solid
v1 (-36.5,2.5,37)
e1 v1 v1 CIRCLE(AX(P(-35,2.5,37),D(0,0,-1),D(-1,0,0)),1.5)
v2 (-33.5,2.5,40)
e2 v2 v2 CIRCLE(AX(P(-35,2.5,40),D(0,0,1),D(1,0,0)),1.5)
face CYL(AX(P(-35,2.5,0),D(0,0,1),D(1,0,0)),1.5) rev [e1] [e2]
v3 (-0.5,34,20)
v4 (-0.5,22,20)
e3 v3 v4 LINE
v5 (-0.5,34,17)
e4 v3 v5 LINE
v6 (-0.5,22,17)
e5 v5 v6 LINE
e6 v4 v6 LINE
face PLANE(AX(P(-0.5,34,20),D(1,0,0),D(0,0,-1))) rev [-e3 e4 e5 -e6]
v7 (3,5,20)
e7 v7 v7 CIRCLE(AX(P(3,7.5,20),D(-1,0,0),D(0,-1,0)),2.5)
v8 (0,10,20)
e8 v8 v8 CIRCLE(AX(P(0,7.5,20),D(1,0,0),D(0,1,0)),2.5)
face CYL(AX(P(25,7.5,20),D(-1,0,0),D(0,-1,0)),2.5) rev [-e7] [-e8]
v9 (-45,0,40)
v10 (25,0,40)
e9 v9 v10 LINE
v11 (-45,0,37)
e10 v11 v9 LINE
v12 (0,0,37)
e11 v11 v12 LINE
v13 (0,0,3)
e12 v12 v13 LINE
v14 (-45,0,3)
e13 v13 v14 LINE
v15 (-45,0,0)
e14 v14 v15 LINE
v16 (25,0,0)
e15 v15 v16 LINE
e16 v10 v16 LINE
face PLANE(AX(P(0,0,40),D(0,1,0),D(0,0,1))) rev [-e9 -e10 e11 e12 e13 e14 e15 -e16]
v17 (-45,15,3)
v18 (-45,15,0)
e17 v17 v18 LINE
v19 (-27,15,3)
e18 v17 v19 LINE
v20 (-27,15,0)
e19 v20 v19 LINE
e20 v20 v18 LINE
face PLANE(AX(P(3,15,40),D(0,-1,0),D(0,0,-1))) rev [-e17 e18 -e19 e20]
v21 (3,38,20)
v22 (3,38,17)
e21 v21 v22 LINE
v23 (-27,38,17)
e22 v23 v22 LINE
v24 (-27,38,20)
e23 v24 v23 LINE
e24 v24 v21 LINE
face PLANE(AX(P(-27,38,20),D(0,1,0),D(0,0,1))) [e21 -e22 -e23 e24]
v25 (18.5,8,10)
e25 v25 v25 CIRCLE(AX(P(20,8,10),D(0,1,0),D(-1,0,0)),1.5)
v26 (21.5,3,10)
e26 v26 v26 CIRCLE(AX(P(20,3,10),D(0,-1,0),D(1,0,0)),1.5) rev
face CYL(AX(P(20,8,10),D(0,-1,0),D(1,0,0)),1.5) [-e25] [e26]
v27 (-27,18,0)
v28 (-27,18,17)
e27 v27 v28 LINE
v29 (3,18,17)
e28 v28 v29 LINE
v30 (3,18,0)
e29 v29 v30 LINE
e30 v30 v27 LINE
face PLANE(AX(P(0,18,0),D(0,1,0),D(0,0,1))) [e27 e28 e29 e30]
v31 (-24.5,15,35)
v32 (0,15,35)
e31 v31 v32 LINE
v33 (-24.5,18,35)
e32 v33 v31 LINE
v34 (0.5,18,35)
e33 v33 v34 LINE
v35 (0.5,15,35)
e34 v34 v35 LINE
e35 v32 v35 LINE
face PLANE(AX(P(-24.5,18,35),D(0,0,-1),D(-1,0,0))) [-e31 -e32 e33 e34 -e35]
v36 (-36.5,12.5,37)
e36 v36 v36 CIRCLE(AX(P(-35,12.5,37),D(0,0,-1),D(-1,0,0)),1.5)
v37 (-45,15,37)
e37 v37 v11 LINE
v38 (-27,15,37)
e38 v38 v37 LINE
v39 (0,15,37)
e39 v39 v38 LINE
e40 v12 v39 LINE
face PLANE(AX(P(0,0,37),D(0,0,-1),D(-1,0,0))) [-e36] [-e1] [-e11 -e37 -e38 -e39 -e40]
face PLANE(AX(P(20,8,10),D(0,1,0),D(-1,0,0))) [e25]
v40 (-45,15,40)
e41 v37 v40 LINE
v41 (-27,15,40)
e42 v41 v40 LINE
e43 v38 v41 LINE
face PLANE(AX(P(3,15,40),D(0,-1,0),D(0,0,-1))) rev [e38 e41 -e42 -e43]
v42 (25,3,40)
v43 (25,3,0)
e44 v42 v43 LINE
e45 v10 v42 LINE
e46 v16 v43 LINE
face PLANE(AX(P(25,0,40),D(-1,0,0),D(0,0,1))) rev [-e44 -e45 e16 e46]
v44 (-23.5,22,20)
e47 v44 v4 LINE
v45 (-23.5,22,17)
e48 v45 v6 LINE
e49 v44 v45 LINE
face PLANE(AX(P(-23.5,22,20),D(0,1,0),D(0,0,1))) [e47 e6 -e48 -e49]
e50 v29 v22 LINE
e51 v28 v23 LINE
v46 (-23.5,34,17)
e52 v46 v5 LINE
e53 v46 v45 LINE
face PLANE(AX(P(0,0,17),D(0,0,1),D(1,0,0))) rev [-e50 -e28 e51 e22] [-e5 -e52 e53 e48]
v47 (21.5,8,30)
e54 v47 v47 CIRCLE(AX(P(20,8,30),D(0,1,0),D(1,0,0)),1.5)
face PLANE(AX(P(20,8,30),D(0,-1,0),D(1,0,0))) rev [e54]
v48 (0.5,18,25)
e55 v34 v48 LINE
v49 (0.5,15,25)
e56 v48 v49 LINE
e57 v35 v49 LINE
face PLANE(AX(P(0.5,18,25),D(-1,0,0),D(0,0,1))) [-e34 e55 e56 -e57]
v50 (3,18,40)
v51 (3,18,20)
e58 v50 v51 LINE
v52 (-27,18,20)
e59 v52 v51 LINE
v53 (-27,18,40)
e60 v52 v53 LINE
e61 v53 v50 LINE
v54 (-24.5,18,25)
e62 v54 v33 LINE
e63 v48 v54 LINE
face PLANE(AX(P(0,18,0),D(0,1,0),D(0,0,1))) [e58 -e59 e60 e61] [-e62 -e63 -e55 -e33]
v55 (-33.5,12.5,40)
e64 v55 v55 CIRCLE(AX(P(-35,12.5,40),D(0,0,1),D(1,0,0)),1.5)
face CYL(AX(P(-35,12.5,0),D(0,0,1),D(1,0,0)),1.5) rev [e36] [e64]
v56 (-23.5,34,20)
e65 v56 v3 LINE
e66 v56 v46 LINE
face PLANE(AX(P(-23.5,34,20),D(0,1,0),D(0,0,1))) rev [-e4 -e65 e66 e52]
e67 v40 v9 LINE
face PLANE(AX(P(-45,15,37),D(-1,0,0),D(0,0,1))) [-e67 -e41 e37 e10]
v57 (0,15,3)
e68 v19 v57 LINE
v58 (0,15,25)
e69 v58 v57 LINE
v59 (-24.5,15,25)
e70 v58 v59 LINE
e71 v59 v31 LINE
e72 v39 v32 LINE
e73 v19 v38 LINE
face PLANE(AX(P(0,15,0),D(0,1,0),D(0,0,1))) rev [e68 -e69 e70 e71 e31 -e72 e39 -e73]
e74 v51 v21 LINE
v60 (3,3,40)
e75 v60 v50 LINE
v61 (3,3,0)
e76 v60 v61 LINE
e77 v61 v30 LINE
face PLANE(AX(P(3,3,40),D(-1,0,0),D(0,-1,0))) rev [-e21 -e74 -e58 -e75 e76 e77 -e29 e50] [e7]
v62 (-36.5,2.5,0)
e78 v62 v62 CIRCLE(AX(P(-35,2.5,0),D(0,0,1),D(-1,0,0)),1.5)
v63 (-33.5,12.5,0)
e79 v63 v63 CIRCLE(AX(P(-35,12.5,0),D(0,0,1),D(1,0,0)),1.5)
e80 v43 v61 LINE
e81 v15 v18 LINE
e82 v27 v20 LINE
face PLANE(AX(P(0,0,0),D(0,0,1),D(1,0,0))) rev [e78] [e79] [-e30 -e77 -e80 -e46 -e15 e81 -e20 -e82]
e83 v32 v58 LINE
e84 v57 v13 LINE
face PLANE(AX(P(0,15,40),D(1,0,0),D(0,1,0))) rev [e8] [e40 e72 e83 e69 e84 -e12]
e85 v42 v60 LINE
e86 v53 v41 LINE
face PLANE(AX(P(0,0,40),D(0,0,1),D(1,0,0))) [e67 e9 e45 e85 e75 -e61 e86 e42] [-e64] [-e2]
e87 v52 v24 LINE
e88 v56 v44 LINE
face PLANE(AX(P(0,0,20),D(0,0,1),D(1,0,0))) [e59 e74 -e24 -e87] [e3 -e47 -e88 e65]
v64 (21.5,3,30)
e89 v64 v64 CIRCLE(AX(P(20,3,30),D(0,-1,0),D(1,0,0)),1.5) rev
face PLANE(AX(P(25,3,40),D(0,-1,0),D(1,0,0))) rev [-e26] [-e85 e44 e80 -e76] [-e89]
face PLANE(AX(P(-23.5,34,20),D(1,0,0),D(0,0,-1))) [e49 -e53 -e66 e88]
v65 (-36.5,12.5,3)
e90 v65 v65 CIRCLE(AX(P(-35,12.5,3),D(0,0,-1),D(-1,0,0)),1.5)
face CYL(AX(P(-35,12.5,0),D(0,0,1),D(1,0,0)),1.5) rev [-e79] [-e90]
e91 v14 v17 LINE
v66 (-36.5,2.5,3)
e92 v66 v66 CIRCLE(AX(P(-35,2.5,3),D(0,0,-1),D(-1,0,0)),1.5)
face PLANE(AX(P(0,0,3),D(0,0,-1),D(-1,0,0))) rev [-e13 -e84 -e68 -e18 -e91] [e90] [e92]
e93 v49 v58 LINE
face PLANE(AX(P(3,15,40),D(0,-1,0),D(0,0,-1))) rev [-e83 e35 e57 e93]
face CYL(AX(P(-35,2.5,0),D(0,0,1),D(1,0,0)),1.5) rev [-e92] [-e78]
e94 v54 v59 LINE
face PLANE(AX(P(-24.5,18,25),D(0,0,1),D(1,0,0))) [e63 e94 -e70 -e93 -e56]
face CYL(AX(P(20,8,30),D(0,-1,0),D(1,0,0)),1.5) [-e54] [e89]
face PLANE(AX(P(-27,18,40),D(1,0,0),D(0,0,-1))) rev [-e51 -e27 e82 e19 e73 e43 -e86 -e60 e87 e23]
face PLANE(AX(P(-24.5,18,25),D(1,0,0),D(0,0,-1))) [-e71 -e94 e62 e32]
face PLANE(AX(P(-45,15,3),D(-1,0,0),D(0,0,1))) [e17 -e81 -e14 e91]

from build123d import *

# Parameters (mm, degrees)
BOSS_EXTRUDE1_DEPTH     = 40
SKETCH2_R               = 1.5
BOSS_EXTRUDE2_DEPTH     = 5
SKETCH3_R               = 2.5
CUT_EXTRUDE1_DEPTH      = 50.497474683
CUT_EXTRUDE1_DEPTH_BACK = 50.497474683
SKETCH4_W               = 45
SKETCH4_H               = 15
BOSS_EXTRUDE3_DEPTH     = 3
SKETCH5_W               = 45
SKETCH5_H               = 15
BOSS_EXTRUDE4_DEPTH     = 3
SKETCH6_R               = 1.5
CUT_EXTRUDE2_DEPTH      = 63.04836823
CUT_EXTRUDE2_DEPTH_BACK = 63.04836823
SKETCH8_W               = 30
SKETCH8_H               = 40
SKETCH8_W_2             = 25
SKETCH8_H_2             = 10
BOSS_EXTRUDE7_DEPTH     = 3
BOSS_EXTRUDE8_DEPTH     = 3


with BuildPart() as part:
    # Sketch1 → Boss-Extrude1 (new body)
    with BuildSketch(Plane.XY):
        Polygon((0, 0), (25, 0), (25, 3), (3, 3), (3, 15), (0, 15), align=None)
    extrude(amount=BOSS_EXTRUDE1_DEPTH)

    # Sketch2 → Boss-Extrude2 (add)
    with BuildSketch(Plane(origin=(0, 3, 0), x_dir=(1, 0, 0), z_dir=(0, 1, 0))):
        with Locations((20, -10)):
            Circle(SKETCH2_R)
        with Locations((20, -30)):
            Circle(SKETCH2_R)
    extrude(amount=BOSS_EXTRUDE2_DEPTH)

    # Sketch3 → Cut-Extrude1 (cut, two sides)
    with BuildSketch(Plane.ZY) as cut_extrude1_sk:
        with Locations(Location((20, 7.5, 0), (0, 0, 270))):
            Circle(SKETCH3_R)
    extrude(amount=CUT_EXTRUDE1_DEPTH, mode=Mode.SUBTRACT)
    extrude(cut_extrude1_sk.sketch, amount=-CUT_EXTRUDE1_DEPTH_BACK, mode=Mode.SUBTRACT)

    # Sketch4 → Boss-Extrude3 (add)
    with BuildSketch(Plane(origin=(0, 0, 0), x_dir=(-1, 0, 0), z_dir=(0, 0, -1))):
        with Locations((22.5, 7.5)):
            Rectangle(SKETCH4_W, SKETCH4_H)
    extrude(amount=-BOSS_EXTRUDE3_DEPTH)

    # Sketch5 → Boss-Extrude4 (add)
    with BuildSketch(Plane.XY.offset(40)):
        with Locations((-22.5, 7.5)):
            Rectangle(SKETCH5_W, SKETCH5_H)
    extrude(amount=-BOSS_EXTRUDE4_DEPTH)

    # Sketch6 → Cut-Extrude2 (cut, two sides)
    with BuildSketch(Plane.XY.offset(40)) as cut_extrude2_sk:
        with Locations((-35, 12.5)):
            Circle(SKETCH6_R)
        with Locations((-35, 2.5)):
            Circle(SKETCH6_R)
    extrude(amount=CUT_EXTRUDE2_DEPTH, mode=Mode.SUBTRACT)
    extrude(cut_extrude2_sk.sketch, amount=-CUT_EXTRUDE2_DEPTH_BACK, mode=Mode.SUBTRACT)

    # Sketch8 → Boss-Extrude7 (add)
    with BuildSketch(Plane(origin=(0, 15, 0), x_dir=(1, 0, 0), z_dir=(0, 1, 0))):
        with Locations((-12, -20)):
            Rectangle(SKETCH8_W, SKETCH8_H)
        with Locations((-12, -30)):
            Rectangle(SKETCH8_W_2, SKETCH8_H_2, mode=Mode.SUBTRACT)
    extrude(amount=BOSS_EXTRUDE7_DEPTH)

    # 3DSketch1 → Boss-Extrude8 (add)
    with BuildSketch(Plane(origin=(-27, 18, 20), x_dir=(0.8320502943378437, 0.5547001962252291, 0), z_dir=(0, 0, -1))):
        Polygon((0, 0), (24.96150883, 16.641005887), (36.055512755, 0), (11.094003925, -16.641005887), align=None)
        Polygon((11.78737917, -11.371354023), (30.92453594, 1.386750491), (24.268133585, 11.371354023), (5.130976815, -1.386750491), align=None, mode=Mode.SUBTRACT)
    extrude(amount=BOSS_EXTRUDE8_DEPTH)


solid = part.part
